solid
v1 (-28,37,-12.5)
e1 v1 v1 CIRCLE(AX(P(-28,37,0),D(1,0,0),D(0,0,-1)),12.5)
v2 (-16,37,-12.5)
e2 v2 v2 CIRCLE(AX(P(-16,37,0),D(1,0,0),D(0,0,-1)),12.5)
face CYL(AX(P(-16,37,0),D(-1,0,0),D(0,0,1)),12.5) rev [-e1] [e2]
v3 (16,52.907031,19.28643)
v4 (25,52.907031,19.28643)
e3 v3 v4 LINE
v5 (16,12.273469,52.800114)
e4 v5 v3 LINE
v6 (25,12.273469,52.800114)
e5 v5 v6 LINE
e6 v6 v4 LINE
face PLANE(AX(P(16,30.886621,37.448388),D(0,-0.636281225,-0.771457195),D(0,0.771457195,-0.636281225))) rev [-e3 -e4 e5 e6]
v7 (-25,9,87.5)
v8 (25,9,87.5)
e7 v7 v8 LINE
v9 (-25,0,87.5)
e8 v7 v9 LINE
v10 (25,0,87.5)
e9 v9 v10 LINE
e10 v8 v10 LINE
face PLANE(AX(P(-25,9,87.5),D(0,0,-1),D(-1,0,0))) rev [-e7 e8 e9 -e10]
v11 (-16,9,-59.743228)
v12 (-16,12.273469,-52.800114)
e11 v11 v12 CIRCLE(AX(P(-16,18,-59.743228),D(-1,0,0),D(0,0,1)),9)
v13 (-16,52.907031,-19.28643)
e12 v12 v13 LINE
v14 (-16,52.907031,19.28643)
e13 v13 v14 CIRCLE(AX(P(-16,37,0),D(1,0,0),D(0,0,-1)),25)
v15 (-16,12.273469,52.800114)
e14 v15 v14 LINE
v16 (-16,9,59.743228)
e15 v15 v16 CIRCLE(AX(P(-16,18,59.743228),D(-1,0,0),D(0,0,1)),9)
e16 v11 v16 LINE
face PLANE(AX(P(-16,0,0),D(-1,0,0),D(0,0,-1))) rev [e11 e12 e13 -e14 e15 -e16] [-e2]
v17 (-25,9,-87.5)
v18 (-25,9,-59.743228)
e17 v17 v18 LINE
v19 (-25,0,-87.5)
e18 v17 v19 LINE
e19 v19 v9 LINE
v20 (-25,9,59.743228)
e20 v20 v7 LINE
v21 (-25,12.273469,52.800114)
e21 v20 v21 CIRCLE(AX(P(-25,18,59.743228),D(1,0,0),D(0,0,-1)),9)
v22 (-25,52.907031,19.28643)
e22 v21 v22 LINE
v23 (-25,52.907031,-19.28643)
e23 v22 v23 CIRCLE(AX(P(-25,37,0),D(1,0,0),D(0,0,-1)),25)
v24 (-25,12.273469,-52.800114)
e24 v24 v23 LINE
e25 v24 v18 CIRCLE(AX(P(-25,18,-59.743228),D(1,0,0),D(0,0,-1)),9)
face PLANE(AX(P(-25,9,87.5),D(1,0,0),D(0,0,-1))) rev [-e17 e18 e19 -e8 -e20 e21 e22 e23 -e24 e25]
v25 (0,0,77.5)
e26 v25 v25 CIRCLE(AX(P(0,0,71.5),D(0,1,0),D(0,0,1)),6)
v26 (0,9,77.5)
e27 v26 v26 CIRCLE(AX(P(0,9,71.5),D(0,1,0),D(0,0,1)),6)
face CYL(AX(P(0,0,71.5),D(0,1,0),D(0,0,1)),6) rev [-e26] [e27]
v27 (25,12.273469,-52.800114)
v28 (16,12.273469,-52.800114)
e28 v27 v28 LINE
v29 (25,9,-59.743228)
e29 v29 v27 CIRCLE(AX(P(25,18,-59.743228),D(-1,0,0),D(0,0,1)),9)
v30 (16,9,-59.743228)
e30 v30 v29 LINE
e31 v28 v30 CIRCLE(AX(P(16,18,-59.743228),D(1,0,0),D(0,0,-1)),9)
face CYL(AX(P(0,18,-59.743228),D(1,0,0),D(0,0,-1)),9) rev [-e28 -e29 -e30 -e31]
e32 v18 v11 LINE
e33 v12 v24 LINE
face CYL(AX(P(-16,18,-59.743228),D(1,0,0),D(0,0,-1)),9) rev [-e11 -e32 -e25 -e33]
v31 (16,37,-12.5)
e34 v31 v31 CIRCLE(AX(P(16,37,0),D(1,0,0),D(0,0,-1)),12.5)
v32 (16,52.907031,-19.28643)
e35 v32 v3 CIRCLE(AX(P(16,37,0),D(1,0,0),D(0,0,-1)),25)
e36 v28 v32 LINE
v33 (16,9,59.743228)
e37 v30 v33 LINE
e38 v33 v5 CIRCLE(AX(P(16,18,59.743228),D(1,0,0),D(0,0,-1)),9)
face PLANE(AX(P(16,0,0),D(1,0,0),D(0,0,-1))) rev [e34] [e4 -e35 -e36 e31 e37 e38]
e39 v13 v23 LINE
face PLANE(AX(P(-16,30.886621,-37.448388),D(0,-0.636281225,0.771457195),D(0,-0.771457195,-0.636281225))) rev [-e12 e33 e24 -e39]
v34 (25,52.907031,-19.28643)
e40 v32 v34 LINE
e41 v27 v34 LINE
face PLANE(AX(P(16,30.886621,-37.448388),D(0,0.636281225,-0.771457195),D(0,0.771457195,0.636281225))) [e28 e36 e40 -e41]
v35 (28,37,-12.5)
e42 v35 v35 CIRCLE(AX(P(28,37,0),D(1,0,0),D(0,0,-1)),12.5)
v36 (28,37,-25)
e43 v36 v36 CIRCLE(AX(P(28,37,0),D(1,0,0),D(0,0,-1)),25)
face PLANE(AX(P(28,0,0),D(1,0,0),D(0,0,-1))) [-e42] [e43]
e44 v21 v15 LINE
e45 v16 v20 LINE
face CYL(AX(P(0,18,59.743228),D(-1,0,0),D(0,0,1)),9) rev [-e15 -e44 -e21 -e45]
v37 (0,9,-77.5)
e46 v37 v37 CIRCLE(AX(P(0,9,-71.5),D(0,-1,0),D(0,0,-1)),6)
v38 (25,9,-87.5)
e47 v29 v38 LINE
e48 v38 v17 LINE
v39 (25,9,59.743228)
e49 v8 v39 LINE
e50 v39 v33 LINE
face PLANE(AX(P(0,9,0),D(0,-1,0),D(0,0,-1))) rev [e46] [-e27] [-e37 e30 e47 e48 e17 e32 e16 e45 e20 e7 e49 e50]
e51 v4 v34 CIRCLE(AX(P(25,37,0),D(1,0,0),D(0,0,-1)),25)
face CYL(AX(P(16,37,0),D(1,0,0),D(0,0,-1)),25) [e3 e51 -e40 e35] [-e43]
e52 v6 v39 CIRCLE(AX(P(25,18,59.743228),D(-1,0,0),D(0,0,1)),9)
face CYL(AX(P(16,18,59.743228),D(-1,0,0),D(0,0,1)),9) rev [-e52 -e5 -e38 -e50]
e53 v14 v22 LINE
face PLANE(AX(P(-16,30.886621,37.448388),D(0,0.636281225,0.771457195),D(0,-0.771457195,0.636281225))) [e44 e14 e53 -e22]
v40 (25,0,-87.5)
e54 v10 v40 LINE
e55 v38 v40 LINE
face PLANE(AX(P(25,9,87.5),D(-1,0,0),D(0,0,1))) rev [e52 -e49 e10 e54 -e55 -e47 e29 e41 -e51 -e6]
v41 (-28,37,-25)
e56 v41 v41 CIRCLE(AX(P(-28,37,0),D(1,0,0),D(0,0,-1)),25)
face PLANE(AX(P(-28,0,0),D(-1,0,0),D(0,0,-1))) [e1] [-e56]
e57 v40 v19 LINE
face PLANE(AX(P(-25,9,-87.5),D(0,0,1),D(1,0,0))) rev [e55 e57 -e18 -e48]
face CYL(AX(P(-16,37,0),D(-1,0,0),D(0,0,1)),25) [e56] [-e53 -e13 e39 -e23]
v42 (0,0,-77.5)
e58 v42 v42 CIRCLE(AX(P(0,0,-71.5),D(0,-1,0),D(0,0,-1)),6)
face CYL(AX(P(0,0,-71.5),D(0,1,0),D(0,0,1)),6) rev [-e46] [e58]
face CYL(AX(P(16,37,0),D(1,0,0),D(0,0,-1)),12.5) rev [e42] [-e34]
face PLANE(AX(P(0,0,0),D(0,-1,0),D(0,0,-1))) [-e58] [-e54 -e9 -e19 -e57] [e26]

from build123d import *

# Parameters (mm, degrees)
SKETCH1_W            = 50
SKETCH1_H            = 175
BOSS_EXTRUDE1_DEPTH  = 9
SKETCH2_R            = 6
CUT_EXTRUDE1_DEPTH   = 92.445338864
BOSS_EXTRUDE2_DEPTH  = 9
BOSS_EXTRUDE3_START  = 3
SKETCH3_3_R          = 25
SKETCH3_3_R_2        = 12.5
BOSS_EXTRUDE3_DEPTH  = 12
FILLET1_R            = 9
FILLET1_OF_MIRROR4_R = 9


with BuildPart() as part:
    # Sketch1 → Boss-Extrude1 (new body)
    with BuildSketch(Plane(origin=(0, 0, 0), x_dir=(1, 0, 0), z_dir=(0, 1, 0))):
        Rectangle(SKETCH1_W, SKETCH1_H)
    extrude(amount=BOSS_EXTRUDE1_DEPTH)

    # Sketch2 → Cut-Extrude1 (cut, through all)
    with BuildSketch(Plane(origin=(0, 9, 0), x_dir=(1, 0, 0), z_dir=(0, 1, 0))):
        with Locations((0, -71.5)):
            Circle(SKETCH2_R)
    cut_extrude1 = extrude(amount=-CUT_EXTRUDE1_DEPTH, mode=Mode.SUBTRACT)

    # Mirror1: Cut-Extrude1 across plane
    add(cut_extrude1.mirror(Plane.XY), mode=Mode.SUBTRACT)

    # Sketch3 → Boss-Extrude2 (add)
    with BuildSketch(Plane(origin=(25, 0, 0), x_dir=(0, 0, -1), z_dir=(1, 0, 0))):
        with BuildLine():
            Line((-19.286429863, 52.90703062), (-55.5, 9))
            Line((-55.5, 9), (55.5, 9))
            Line((55.5, 9), (19.286429863, 52.90703062))
            ThreePointArc((19.286429863, 52.90703062), (0, 12), (-19.286429863, 52.90703062))
        make_face()
    boss_extrude2 = extrude(amount=-BOSS_EXTRUDE2_DEPTH)

    # Sketch3<3> → Boss-Extrude3 (add)
    with BuildSketch(Plane(origin=(25, 0, 0), x_dir=(0, 0, -1), z_dir=(1, 0, 0)).offset(BOSS_EXTRUDE3_START)):
        with Locations((0, 37)):
            Circle(SKETCH3_3_R)
        with Locations((0, 37)):
            Circle(SKETCH3_3_R_2, mode=Mode.SUBTRACT)
    boss_extrude3 = extrude(amount=-BOSS_EXTRUDE3_DEPTH)

    # Fillet1
    fillet1_edges = [part.edges().sort_by_distance(p)[0] for p in [
        (20.5, 9, -55.5),
        (20.5, 9, 55.5),
    ]]
    fillet(fillet1_edges, radius=FILLET1_R)

    # Mirror4: Boss-Extrude2, Boss-Extrude3 across plane
    add(boss_extrude2.mirror(Plane(origin=(0, 0, 0), x_dir=(0, 0, 1), z_dir=(1, 0, 0))))
    add(boss_extrude3.mirror(Plane(origin=(0, 0, 0), x_dir=(0, 0, 1), z_dir=(1, 0, 0))))

    # Fillet1 of Mirror4
    fillet1_of_mirror4_edges = [part.edges().sort_by_distance(p)[0] for p in [
        (-20.5, 9, -55.5),
        (-20.5, 9, 55.5),
    ]]
    fillet(fillet1_of_mirror4_edges, radius=FILLET1_OF_MIRROR4_R)


solid = part.part
